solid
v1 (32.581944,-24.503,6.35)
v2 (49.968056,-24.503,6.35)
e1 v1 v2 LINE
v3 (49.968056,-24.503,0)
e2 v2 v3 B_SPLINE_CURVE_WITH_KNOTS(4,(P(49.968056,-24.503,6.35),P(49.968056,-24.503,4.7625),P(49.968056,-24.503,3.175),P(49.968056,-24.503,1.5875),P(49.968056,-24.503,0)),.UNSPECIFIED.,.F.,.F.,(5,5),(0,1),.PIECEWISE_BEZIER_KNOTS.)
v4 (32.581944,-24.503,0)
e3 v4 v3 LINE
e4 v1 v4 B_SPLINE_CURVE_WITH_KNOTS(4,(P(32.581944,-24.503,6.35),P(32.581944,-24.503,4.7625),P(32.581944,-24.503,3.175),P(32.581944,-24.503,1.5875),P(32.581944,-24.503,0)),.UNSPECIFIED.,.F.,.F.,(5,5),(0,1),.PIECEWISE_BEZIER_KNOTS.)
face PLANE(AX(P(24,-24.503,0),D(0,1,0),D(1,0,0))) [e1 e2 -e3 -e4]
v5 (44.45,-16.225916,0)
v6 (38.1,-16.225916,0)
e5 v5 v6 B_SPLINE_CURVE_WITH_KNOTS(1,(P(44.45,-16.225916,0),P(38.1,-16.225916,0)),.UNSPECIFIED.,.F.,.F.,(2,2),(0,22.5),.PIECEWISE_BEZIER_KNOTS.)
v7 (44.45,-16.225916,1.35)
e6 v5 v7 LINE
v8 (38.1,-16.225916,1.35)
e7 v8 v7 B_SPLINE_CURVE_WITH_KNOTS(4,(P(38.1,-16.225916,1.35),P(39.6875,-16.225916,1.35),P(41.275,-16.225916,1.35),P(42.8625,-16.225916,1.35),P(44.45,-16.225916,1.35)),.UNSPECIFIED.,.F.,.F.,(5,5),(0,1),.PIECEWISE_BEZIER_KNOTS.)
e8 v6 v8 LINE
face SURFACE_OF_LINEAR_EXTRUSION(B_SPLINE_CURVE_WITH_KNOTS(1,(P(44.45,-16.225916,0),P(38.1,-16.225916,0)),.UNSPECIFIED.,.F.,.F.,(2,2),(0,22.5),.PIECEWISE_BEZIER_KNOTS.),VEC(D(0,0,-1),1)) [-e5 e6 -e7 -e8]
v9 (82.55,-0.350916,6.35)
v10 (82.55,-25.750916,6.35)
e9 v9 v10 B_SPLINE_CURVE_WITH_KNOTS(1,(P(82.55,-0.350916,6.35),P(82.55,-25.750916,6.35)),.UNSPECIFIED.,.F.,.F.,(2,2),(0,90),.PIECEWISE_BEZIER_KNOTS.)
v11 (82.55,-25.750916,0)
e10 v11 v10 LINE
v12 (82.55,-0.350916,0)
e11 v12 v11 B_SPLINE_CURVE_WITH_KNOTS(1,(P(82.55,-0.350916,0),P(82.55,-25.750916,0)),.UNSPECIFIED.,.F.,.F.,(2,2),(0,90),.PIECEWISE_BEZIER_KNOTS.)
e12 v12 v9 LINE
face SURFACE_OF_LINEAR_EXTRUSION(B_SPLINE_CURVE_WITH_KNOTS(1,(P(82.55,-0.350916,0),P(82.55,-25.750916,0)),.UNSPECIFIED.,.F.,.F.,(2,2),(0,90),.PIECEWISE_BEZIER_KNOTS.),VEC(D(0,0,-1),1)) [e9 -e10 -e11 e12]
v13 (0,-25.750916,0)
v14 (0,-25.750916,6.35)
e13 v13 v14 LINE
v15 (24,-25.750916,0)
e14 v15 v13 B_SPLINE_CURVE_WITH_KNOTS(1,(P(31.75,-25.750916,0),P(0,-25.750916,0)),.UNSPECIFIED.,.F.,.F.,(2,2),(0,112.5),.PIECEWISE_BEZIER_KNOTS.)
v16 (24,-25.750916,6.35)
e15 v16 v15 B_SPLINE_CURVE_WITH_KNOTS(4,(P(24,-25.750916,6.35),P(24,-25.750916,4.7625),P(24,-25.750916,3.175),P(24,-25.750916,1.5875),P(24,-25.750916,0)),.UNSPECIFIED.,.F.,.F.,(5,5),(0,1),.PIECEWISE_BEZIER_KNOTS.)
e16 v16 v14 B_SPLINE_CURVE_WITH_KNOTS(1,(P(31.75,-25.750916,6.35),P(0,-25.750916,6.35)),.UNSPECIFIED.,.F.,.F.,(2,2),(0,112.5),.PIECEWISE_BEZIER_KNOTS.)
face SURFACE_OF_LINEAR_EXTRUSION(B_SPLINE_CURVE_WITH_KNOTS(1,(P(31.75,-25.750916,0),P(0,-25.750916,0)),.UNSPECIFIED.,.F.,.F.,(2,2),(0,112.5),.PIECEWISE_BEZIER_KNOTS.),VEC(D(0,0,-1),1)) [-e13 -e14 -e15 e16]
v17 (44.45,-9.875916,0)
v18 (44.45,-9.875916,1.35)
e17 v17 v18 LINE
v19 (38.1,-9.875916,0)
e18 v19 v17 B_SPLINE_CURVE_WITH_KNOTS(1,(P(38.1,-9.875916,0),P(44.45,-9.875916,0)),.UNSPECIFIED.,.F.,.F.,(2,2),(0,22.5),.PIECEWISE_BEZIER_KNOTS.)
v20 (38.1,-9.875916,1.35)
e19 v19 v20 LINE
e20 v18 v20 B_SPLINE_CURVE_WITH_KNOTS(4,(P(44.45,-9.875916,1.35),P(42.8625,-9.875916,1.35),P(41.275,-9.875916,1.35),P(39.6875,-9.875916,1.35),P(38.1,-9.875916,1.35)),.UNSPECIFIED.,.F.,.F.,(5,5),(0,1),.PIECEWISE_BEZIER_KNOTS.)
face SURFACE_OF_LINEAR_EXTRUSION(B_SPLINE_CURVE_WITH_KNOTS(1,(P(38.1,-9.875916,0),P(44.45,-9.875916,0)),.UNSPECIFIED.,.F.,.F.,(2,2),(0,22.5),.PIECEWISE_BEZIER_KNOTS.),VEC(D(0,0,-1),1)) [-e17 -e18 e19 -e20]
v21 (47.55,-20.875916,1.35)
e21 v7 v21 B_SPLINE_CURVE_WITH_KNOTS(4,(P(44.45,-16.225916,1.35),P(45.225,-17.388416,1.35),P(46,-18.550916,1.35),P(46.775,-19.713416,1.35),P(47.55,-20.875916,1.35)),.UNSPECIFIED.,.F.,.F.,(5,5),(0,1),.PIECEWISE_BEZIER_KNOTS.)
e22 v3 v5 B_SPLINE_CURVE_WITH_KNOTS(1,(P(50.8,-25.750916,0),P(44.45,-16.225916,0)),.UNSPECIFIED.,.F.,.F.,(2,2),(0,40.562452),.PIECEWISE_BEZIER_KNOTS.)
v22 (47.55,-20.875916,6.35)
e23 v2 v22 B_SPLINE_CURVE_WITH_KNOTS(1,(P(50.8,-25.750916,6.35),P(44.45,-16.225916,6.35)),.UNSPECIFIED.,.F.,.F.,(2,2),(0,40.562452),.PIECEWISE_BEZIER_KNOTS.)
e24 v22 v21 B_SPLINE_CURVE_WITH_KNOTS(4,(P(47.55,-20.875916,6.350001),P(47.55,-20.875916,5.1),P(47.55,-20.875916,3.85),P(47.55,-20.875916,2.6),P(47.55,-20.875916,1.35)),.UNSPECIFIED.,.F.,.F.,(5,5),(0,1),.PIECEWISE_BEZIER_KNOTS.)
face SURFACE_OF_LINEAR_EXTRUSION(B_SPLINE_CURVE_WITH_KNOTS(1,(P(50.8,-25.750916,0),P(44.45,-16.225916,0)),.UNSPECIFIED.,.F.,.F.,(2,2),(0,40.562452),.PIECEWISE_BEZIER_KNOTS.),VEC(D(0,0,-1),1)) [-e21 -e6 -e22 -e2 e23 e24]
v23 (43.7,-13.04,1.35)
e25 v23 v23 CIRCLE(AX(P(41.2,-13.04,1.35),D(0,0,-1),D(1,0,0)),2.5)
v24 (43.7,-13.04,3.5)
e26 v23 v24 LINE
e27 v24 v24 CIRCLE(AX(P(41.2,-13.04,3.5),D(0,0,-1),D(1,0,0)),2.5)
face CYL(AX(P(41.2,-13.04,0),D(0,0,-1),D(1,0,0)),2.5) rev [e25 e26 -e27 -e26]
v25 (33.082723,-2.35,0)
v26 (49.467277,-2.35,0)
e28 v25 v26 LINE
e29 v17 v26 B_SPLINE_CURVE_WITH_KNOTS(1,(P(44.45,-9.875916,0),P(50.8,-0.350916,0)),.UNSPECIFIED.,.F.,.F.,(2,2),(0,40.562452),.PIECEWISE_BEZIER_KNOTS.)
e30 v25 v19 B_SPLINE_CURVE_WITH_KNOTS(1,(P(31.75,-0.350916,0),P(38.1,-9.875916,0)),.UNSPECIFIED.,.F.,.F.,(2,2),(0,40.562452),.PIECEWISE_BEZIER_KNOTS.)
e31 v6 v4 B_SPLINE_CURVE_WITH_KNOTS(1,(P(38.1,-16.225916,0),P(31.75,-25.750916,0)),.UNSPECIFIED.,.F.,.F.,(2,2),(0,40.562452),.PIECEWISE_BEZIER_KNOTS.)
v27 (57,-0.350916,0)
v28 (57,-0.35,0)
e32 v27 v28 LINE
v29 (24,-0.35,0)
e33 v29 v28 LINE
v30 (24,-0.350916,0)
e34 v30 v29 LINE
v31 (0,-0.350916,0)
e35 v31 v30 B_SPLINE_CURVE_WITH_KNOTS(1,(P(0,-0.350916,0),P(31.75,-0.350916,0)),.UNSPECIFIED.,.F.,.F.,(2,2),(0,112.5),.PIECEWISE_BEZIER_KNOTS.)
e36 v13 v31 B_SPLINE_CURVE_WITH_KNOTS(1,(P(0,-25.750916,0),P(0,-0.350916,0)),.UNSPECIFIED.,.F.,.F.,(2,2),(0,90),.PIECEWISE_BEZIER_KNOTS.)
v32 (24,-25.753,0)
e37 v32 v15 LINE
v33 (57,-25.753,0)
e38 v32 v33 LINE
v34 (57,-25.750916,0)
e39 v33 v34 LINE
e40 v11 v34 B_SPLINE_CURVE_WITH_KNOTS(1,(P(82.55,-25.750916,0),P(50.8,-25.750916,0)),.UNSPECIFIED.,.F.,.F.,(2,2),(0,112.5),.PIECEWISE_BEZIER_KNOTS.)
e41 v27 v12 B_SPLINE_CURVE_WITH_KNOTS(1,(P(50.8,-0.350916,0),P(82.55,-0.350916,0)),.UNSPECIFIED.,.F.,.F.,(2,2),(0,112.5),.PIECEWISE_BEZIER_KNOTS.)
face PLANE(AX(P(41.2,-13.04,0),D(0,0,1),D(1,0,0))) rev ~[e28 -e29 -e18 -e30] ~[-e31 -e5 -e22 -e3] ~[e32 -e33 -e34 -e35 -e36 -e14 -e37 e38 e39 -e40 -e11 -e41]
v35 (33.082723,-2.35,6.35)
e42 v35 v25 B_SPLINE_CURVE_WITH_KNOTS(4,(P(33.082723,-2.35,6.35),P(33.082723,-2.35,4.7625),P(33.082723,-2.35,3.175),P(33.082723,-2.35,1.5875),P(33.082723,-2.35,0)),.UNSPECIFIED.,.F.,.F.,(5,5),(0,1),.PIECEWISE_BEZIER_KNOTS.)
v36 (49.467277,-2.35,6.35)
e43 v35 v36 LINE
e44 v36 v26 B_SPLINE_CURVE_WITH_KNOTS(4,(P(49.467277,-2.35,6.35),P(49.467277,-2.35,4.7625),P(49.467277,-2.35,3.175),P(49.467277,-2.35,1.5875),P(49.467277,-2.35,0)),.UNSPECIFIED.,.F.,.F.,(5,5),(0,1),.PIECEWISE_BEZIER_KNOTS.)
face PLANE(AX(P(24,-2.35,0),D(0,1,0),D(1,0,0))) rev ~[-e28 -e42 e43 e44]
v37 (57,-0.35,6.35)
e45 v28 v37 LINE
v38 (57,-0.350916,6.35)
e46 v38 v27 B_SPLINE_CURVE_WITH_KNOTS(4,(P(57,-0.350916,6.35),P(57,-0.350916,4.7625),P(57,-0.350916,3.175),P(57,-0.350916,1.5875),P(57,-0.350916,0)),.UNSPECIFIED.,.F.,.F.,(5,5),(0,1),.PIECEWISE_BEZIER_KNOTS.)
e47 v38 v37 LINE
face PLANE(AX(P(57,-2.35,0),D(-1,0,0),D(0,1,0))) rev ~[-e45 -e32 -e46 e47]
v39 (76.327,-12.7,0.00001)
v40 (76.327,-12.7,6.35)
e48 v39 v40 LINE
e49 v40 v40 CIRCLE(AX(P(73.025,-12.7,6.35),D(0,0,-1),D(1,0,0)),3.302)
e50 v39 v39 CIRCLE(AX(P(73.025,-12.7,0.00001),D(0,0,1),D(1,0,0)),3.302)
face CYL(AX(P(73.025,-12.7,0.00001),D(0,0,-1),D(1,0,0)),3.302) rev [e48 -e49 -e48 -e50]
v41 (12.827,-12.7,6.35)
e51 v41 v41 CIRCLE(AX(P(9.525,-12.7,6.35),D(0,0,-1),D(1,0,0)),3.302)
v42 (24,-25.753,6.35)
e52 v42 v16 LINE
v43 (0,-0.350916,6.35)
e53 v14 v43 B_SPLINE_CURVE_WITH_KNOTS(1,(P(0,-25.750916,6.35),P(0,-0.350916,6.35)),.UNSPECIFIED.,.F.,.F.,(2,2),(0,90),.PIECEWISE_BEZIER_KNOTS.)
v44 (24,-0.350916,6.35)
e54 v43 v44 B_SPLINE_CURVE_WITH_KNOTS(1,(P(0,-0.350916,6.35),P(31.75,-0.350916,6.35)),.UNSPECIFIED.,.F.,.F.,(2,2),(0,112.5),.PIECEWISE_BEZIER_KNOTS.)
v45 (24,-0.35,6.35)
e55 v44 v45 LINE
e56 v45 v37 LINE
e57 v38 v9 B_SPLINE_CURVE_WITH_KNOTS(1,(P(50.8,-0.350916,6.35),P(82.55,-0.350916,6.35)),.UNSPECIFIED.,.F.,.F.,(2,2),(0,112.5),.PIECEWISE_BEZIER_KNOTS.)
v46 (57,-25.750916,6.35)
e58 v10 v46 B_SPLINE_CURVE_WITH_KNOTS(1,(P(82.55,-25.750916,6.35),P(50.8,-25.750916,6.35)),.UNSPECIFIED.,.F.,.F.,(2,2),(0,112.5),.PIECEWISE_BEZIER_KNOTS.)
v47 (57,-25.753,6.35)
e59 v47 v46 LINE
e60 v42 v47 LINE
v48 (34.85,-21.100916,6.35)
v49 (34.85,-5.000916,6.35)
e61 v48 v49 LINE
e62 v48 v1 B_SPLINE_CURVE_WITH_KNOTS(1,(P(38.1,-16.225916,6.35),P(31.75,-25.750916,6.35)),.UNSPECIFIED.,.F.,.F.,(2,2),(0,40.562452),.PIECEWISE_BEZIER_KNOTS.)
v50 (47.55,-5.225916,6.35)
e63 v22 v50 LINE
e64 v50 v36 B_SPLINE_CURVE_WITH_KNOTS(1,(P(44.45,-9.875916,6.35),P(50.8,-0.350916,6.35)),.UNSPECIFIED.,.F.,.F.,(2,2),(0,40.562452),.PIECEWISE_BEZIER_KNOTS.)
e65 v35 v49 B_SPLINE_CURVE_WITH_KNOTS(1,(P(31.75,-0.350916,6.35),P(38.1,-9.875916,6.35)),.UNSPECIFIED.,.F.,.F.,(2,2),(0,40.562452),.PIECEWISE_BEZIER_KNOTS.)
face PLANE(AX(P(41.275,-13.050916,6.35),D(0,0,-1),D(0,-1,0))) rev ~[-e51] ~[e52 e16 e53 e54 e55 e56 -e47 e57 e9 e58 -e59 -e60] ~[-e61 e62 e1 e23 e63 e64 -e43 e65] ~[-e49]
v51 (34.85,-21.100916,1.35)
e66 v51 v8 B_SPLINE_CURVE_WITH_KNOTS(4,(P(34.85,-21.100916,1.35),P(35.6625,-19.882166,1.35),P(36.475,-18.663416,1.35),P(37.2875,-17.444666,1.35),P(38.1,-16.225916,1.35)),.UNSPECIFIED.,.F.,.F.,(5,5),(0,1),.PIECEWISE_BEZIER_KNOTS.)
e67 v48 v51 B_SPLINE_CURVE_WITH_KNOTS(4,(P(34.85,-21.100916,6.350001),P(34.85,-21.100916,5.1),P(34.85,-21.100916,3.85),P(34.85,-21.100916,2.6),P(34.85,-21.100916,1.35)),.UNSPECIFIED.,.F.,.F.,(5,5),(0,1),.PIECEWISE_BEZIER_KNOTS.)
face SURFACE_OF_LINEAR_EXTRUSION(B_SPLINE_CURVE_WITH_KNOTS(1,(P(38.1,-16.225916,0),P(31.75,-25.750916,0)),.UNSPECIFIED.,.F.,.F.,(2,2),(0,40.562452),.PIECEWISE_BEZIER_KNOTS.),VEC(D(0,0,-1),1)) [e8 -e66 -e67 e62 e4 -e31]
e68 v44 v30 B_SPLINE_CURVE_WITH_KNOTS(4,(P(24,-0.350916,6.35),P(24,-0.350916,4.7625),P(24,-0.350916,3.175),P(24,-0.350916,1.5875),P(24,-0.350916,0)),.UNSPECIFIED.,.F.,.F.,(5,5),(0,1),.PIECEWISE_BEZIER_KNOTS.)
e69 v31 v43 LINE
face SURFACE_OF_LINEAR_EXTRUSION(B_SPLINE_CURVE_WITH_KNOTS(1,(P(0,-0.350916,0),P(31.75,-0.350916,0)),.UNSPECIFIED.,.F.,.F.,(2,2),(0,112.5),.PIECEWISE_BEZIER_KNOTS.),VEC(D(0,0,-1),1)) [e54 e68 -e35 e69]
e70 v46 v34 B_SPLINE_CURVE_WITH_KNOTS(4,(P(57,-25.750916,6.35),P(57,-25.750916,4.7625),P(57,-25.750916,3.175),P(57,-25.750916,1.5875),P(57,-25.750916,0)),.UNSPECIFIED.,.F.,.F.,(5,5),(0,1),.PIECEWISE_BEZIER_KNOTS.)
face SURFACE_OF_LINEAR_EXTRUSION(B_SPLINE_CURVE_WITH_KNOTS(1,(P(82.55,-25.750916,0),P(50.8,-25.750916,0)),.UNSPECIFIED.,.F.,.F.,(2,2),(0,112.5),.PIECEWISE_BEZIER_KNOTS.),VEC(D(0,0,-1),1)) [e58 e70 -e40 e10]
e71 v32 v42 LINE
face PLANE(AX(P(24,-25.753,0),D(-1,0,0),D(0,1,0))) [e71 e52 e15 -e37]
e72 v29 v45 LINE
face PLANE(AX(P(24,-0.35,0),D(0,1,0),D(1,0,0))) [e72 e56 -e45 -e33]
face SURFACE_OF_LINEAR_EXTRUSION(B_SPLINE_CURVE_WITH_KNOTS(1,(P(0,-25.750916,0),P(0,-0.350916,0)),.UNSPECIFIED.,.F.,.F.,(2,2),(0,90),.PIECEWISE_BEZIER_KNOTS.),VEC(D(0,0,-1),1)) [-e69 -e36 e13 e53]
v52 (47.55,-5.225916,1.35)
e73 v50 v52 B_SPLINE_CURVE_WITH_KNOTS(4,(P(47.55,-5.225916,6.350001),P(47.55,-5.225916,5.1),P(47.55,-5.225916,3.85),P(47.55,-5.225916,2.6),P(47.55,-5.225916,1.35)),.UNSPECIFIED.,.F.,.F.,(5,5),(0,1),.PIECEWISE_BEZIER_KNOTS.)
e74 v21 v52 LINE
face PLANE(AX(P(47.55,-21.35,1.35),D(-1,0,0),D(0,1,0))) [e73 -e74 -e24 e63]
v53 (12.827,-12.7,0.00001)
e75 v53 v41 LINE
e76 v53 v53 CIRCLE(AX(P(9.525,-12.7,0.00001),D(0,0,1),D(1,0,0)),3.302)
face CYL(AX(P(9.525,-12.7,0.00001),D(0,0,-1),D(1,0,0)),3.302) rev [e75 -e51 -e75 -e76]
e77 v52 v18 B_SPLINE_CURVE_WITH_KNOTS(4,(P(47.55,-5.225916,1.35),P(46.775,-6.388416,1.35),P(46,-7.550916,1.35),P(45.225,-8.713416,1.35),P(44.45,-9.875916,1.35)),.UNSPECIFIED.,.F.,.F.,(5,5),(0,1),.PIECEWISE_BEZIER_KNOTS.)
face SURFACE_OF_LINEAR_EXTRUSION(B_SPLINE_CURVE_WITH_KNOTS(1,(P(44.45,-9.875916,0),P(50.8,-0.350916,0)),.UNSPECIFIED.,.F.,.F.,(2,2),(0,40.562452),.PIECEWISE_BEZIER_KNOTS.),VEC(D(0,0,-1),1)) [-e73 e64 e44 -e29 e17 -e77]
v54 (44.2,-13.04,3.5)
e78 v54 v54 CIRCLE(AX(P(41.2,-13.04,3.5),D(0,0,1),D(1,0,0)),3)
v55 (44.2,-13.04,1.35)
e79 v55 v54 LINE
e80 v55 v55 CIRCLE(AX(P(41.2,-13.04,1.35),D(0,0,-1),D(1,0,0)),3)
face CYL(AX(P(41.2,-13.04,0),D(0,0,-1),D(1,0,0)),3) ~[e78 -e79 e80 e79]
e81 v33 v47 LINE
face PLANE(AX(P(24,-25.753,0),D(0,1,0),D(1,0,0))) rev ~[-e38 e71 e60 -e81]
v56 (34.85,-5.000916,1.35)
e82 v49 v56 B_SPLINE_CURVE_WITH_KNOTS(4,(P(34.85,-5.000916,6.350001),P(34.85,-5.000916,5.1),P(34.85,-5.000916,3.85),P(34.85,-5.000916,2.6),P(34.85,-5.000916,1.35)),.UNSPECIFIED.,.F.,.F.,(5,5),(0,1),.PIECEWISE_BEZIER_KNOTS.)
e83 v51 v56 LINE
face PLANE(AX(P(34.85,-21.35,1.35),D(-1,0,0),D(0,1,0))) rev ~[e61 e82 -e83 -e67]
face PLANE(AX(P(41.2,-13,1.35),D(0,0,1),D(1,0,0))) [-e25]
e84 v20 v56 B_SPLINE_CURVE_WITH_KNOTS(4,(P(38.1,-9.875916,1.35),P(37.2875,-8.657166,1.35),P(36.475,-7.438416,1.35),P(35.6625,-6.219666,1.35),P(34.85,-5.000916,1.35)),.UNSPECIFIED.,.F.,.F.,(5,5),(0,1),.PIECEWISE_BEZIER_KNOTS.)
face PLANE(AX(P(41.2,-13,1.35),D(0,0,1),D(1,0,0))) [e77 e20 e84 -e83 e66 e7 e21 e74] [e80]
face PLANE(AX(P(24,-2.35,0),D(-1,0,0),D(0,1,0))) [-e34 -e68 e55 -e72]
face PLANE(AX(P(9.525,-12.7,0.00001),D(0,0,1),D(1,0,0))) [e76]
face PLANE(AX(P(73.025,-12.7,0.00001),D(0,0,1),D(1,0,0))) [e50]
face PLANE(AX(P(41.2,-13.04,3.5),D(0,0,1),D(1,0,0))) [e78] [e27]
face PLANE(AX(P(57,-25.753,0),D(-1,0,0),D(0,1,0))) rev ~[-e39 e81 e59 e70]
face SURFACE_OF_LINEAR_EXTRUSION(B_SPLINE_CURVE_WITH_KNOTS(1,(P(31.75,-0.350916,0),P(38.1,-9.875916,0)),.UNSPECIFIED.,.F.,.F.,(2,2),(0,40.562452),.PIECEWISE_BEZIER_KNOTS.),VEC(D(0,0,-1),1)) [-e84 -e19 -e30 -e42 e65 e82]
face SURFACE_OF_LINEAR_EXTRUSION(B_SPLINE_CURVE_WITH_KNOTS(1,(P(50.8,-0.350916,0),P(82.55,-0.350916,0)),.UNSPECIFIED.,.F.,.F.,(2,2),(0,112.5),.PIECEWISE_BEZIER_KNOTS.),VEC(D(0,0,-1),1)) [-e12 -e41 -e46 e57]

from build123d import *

# Parameters (mm, degrees)
BOX_W             = 33
BOX_H             = 2
BOX_DEPTH         = 6.35
CYLINDER001_R     = 3.302
CYLINDER001_DEPTH = 10
BOX002_W          = 12.7
BOX002_H          = 16.7
BOX002_DEPTH      = 17
CYLINDER_R        = 3.302
CYLINDER_DEPTH    = 10
EXTRUDE_DEPTH     = 6.35
CYLINDER003_R     = 2.5
CYLINDER003_DEPTH = 16
CYLINDER002_R     = 3
CYLINDER002_DEPTH = 3.5
BOX001_W          = 33
BOX001_H          = 1.25
BOX001_DEPTH      = 6.35


with BuildPart() as support1:
    # Box → Box (new body)
    with BuildSketch(Plane(origin=(24, -2.35, 0), x_dir=(1, 0, 0), z_dir=(0, 0, 1))):
        with Locations((16.5, 1)):
            Rectangle(BOX_W, BOX_H)
    extrude(amount=BOX_DEPTH)


with BuildPart() as hole2:
    # Cylinder001 → Cylinder001 (new body)
    with BuildSketch(Plane(origin=(73.025, -12.7, 1e-05), x_dir=(1, 0, 0), z_dir=(0, 0, 1))):
        Circle(CYLINDER001_R)
    extrude(amount=CYLINDER001_DEPTH)


with BuildPart() as thinner:
    # Box002 → Box002 (new body)
    with BuildSketch(Plane(origin=(34.85, -21.35, 1.35), x_dir=(1, 0, 0), z_dir=(0, 0, 1))):
        with Locations((6.35, 8.35)):
            Rectangle(BOX002_W, BOX002_H)
    extrude(amount=BOX002_DEPTH)


with BuildPart() as fusion:
    # Cylinder → Cylinder (new body)
    with BuildSketch(Plane(origin=(9.525, -12.7, 1e-05), x_dir=(1, 0, 0), z_dir=(0, 0, 1))):
        Circle(CYLINDER_R)
    extrude(amount=CYLINDER_DEPTH)

    # Fusion: union Hole2, Thinner
    add(hole2.part)
    add(thinner.part)


with BuildPart() as cut:
    # rect3338 → Extrude (new body)
    with BuildSketch(Plane(origin=(41.275, -13.050916, 0), x_dir=(0, -1, 0), z_dir=(0, 0, -1))):
        with BuildLine():
            add(Edge.make_bspline(
                [(-12.7, 41.275), (-12.7, 9.525)],
                knots=[0, 0, 112.5, 112.5], degree=1))
            add(Edge.make_bspline(
                [(-12.7, 9.525), (-3.175, 3.175)],
                knots=[0, 0, 40.562452, 40.562452], degree=1))
            add(Edge.make_bspline(
                [(-3.175, 3.175), (-3.175, -3.175)],
                knots=[0, 0, 22.5, 22.5], degree=1))
            add(Edge.make_bspline(
                [(-3.175, -3.175), (-12.7, -9.525)],
                knots=[0, 0, 40.562452, 40.562452], degree=1))
            add(Edge.make_bspline(
                [(-12.7, -9.525), (-12.7, -41.275)],
                knots=[0, 0, 112.5, 112.5], degree=1))
            add(Edge.make_bspline(
                [(-12.7, -41.275), (12.7, -41.275)],
                knots=[0, 0, 90, 90], degree=1))
            add(Edge.make_bspline(
                [(12.7, -41.275), (12.7, -9.525)],
                knots=[0, 0, 112.5, 112.5], degree=1))
            add(Edge.make_bspline(
                [(12.7, -9.525), (3.175, -3.175)],
                knots=[0, 0, 40.562452, 40.562452], degree=1))
            add(Edge.make_bspline(
                [(3.175, -3.175), (3.175, 3.175)],
                knots=[0, 0, 22.5, 22.5], degree=1))
            add(Edge.make_bspline(
                [(3.175, 3.175), (12.7, 9.525)],
                knots=[0, 0, 40.562452, 40.562452], degree=1))
            add(Edge.make_bspline(
                [(12.7, 9.525), (12.7, 41.275)],
                knots=[0, 0, 112.5, 112.5], degree=1))
            add(Edge.make_bspline(
                [(12.7, 41.275), (-12.7, 41.275)],
                knots=[0, 0, 90, 90], degree=1))
        make_face()
    extrude(amount=-EXTRUDE_DEPTH)

    # Cut: cut Fusion
    add(fusion.part, mode=Mode.SUBTRACT)


with BuildPart() as cylinder001:
    # Cylinder003 → Cylinder003 (new body)
    with BuildSketch(Plane(origin=(41.2, -13.04, 0), x_dir=(1, 0, 0), z_dir=(0, 0, 1))):
        Circle(CYLINDER003_R)
    extrude(amount=CYLINDER003_DEPTH)


with BuildPart() as cut001:
    # Cylinder002 → Cylinder002 (new body)
    with BuildSketch(Plane(origin=(41.2, -13.04, 0), x_dir=(1, 0, 0), z_dir=(0, 0, 1))):
        Circle(CYLINDER002_R)
    extrude(amount=CYLINDER002_DEPTH)

    # Cut001: cut Cylinder001
    add(cylinder001.part, mode=Mode.SUBTRACT)


with BuildPart() as fusion001:
    # Box001 → Box001 (new body)
    with BuildSketch(Plane(origin=(24, -25.753, 0), x_dir=(1, 0, 0), z_dir=(0, 0, 1))):
        with Locations((16.5, 0.625)):
            Rectangle(BOX001_W, BOX001_H)
    extrude(amount=BOX001_DEPTH)

    # Fusion001: union Support1, Cut, Cut001
    add(support1.part)
    add(cut.part)
    add(cut001.part)


solid = fusion001.part
